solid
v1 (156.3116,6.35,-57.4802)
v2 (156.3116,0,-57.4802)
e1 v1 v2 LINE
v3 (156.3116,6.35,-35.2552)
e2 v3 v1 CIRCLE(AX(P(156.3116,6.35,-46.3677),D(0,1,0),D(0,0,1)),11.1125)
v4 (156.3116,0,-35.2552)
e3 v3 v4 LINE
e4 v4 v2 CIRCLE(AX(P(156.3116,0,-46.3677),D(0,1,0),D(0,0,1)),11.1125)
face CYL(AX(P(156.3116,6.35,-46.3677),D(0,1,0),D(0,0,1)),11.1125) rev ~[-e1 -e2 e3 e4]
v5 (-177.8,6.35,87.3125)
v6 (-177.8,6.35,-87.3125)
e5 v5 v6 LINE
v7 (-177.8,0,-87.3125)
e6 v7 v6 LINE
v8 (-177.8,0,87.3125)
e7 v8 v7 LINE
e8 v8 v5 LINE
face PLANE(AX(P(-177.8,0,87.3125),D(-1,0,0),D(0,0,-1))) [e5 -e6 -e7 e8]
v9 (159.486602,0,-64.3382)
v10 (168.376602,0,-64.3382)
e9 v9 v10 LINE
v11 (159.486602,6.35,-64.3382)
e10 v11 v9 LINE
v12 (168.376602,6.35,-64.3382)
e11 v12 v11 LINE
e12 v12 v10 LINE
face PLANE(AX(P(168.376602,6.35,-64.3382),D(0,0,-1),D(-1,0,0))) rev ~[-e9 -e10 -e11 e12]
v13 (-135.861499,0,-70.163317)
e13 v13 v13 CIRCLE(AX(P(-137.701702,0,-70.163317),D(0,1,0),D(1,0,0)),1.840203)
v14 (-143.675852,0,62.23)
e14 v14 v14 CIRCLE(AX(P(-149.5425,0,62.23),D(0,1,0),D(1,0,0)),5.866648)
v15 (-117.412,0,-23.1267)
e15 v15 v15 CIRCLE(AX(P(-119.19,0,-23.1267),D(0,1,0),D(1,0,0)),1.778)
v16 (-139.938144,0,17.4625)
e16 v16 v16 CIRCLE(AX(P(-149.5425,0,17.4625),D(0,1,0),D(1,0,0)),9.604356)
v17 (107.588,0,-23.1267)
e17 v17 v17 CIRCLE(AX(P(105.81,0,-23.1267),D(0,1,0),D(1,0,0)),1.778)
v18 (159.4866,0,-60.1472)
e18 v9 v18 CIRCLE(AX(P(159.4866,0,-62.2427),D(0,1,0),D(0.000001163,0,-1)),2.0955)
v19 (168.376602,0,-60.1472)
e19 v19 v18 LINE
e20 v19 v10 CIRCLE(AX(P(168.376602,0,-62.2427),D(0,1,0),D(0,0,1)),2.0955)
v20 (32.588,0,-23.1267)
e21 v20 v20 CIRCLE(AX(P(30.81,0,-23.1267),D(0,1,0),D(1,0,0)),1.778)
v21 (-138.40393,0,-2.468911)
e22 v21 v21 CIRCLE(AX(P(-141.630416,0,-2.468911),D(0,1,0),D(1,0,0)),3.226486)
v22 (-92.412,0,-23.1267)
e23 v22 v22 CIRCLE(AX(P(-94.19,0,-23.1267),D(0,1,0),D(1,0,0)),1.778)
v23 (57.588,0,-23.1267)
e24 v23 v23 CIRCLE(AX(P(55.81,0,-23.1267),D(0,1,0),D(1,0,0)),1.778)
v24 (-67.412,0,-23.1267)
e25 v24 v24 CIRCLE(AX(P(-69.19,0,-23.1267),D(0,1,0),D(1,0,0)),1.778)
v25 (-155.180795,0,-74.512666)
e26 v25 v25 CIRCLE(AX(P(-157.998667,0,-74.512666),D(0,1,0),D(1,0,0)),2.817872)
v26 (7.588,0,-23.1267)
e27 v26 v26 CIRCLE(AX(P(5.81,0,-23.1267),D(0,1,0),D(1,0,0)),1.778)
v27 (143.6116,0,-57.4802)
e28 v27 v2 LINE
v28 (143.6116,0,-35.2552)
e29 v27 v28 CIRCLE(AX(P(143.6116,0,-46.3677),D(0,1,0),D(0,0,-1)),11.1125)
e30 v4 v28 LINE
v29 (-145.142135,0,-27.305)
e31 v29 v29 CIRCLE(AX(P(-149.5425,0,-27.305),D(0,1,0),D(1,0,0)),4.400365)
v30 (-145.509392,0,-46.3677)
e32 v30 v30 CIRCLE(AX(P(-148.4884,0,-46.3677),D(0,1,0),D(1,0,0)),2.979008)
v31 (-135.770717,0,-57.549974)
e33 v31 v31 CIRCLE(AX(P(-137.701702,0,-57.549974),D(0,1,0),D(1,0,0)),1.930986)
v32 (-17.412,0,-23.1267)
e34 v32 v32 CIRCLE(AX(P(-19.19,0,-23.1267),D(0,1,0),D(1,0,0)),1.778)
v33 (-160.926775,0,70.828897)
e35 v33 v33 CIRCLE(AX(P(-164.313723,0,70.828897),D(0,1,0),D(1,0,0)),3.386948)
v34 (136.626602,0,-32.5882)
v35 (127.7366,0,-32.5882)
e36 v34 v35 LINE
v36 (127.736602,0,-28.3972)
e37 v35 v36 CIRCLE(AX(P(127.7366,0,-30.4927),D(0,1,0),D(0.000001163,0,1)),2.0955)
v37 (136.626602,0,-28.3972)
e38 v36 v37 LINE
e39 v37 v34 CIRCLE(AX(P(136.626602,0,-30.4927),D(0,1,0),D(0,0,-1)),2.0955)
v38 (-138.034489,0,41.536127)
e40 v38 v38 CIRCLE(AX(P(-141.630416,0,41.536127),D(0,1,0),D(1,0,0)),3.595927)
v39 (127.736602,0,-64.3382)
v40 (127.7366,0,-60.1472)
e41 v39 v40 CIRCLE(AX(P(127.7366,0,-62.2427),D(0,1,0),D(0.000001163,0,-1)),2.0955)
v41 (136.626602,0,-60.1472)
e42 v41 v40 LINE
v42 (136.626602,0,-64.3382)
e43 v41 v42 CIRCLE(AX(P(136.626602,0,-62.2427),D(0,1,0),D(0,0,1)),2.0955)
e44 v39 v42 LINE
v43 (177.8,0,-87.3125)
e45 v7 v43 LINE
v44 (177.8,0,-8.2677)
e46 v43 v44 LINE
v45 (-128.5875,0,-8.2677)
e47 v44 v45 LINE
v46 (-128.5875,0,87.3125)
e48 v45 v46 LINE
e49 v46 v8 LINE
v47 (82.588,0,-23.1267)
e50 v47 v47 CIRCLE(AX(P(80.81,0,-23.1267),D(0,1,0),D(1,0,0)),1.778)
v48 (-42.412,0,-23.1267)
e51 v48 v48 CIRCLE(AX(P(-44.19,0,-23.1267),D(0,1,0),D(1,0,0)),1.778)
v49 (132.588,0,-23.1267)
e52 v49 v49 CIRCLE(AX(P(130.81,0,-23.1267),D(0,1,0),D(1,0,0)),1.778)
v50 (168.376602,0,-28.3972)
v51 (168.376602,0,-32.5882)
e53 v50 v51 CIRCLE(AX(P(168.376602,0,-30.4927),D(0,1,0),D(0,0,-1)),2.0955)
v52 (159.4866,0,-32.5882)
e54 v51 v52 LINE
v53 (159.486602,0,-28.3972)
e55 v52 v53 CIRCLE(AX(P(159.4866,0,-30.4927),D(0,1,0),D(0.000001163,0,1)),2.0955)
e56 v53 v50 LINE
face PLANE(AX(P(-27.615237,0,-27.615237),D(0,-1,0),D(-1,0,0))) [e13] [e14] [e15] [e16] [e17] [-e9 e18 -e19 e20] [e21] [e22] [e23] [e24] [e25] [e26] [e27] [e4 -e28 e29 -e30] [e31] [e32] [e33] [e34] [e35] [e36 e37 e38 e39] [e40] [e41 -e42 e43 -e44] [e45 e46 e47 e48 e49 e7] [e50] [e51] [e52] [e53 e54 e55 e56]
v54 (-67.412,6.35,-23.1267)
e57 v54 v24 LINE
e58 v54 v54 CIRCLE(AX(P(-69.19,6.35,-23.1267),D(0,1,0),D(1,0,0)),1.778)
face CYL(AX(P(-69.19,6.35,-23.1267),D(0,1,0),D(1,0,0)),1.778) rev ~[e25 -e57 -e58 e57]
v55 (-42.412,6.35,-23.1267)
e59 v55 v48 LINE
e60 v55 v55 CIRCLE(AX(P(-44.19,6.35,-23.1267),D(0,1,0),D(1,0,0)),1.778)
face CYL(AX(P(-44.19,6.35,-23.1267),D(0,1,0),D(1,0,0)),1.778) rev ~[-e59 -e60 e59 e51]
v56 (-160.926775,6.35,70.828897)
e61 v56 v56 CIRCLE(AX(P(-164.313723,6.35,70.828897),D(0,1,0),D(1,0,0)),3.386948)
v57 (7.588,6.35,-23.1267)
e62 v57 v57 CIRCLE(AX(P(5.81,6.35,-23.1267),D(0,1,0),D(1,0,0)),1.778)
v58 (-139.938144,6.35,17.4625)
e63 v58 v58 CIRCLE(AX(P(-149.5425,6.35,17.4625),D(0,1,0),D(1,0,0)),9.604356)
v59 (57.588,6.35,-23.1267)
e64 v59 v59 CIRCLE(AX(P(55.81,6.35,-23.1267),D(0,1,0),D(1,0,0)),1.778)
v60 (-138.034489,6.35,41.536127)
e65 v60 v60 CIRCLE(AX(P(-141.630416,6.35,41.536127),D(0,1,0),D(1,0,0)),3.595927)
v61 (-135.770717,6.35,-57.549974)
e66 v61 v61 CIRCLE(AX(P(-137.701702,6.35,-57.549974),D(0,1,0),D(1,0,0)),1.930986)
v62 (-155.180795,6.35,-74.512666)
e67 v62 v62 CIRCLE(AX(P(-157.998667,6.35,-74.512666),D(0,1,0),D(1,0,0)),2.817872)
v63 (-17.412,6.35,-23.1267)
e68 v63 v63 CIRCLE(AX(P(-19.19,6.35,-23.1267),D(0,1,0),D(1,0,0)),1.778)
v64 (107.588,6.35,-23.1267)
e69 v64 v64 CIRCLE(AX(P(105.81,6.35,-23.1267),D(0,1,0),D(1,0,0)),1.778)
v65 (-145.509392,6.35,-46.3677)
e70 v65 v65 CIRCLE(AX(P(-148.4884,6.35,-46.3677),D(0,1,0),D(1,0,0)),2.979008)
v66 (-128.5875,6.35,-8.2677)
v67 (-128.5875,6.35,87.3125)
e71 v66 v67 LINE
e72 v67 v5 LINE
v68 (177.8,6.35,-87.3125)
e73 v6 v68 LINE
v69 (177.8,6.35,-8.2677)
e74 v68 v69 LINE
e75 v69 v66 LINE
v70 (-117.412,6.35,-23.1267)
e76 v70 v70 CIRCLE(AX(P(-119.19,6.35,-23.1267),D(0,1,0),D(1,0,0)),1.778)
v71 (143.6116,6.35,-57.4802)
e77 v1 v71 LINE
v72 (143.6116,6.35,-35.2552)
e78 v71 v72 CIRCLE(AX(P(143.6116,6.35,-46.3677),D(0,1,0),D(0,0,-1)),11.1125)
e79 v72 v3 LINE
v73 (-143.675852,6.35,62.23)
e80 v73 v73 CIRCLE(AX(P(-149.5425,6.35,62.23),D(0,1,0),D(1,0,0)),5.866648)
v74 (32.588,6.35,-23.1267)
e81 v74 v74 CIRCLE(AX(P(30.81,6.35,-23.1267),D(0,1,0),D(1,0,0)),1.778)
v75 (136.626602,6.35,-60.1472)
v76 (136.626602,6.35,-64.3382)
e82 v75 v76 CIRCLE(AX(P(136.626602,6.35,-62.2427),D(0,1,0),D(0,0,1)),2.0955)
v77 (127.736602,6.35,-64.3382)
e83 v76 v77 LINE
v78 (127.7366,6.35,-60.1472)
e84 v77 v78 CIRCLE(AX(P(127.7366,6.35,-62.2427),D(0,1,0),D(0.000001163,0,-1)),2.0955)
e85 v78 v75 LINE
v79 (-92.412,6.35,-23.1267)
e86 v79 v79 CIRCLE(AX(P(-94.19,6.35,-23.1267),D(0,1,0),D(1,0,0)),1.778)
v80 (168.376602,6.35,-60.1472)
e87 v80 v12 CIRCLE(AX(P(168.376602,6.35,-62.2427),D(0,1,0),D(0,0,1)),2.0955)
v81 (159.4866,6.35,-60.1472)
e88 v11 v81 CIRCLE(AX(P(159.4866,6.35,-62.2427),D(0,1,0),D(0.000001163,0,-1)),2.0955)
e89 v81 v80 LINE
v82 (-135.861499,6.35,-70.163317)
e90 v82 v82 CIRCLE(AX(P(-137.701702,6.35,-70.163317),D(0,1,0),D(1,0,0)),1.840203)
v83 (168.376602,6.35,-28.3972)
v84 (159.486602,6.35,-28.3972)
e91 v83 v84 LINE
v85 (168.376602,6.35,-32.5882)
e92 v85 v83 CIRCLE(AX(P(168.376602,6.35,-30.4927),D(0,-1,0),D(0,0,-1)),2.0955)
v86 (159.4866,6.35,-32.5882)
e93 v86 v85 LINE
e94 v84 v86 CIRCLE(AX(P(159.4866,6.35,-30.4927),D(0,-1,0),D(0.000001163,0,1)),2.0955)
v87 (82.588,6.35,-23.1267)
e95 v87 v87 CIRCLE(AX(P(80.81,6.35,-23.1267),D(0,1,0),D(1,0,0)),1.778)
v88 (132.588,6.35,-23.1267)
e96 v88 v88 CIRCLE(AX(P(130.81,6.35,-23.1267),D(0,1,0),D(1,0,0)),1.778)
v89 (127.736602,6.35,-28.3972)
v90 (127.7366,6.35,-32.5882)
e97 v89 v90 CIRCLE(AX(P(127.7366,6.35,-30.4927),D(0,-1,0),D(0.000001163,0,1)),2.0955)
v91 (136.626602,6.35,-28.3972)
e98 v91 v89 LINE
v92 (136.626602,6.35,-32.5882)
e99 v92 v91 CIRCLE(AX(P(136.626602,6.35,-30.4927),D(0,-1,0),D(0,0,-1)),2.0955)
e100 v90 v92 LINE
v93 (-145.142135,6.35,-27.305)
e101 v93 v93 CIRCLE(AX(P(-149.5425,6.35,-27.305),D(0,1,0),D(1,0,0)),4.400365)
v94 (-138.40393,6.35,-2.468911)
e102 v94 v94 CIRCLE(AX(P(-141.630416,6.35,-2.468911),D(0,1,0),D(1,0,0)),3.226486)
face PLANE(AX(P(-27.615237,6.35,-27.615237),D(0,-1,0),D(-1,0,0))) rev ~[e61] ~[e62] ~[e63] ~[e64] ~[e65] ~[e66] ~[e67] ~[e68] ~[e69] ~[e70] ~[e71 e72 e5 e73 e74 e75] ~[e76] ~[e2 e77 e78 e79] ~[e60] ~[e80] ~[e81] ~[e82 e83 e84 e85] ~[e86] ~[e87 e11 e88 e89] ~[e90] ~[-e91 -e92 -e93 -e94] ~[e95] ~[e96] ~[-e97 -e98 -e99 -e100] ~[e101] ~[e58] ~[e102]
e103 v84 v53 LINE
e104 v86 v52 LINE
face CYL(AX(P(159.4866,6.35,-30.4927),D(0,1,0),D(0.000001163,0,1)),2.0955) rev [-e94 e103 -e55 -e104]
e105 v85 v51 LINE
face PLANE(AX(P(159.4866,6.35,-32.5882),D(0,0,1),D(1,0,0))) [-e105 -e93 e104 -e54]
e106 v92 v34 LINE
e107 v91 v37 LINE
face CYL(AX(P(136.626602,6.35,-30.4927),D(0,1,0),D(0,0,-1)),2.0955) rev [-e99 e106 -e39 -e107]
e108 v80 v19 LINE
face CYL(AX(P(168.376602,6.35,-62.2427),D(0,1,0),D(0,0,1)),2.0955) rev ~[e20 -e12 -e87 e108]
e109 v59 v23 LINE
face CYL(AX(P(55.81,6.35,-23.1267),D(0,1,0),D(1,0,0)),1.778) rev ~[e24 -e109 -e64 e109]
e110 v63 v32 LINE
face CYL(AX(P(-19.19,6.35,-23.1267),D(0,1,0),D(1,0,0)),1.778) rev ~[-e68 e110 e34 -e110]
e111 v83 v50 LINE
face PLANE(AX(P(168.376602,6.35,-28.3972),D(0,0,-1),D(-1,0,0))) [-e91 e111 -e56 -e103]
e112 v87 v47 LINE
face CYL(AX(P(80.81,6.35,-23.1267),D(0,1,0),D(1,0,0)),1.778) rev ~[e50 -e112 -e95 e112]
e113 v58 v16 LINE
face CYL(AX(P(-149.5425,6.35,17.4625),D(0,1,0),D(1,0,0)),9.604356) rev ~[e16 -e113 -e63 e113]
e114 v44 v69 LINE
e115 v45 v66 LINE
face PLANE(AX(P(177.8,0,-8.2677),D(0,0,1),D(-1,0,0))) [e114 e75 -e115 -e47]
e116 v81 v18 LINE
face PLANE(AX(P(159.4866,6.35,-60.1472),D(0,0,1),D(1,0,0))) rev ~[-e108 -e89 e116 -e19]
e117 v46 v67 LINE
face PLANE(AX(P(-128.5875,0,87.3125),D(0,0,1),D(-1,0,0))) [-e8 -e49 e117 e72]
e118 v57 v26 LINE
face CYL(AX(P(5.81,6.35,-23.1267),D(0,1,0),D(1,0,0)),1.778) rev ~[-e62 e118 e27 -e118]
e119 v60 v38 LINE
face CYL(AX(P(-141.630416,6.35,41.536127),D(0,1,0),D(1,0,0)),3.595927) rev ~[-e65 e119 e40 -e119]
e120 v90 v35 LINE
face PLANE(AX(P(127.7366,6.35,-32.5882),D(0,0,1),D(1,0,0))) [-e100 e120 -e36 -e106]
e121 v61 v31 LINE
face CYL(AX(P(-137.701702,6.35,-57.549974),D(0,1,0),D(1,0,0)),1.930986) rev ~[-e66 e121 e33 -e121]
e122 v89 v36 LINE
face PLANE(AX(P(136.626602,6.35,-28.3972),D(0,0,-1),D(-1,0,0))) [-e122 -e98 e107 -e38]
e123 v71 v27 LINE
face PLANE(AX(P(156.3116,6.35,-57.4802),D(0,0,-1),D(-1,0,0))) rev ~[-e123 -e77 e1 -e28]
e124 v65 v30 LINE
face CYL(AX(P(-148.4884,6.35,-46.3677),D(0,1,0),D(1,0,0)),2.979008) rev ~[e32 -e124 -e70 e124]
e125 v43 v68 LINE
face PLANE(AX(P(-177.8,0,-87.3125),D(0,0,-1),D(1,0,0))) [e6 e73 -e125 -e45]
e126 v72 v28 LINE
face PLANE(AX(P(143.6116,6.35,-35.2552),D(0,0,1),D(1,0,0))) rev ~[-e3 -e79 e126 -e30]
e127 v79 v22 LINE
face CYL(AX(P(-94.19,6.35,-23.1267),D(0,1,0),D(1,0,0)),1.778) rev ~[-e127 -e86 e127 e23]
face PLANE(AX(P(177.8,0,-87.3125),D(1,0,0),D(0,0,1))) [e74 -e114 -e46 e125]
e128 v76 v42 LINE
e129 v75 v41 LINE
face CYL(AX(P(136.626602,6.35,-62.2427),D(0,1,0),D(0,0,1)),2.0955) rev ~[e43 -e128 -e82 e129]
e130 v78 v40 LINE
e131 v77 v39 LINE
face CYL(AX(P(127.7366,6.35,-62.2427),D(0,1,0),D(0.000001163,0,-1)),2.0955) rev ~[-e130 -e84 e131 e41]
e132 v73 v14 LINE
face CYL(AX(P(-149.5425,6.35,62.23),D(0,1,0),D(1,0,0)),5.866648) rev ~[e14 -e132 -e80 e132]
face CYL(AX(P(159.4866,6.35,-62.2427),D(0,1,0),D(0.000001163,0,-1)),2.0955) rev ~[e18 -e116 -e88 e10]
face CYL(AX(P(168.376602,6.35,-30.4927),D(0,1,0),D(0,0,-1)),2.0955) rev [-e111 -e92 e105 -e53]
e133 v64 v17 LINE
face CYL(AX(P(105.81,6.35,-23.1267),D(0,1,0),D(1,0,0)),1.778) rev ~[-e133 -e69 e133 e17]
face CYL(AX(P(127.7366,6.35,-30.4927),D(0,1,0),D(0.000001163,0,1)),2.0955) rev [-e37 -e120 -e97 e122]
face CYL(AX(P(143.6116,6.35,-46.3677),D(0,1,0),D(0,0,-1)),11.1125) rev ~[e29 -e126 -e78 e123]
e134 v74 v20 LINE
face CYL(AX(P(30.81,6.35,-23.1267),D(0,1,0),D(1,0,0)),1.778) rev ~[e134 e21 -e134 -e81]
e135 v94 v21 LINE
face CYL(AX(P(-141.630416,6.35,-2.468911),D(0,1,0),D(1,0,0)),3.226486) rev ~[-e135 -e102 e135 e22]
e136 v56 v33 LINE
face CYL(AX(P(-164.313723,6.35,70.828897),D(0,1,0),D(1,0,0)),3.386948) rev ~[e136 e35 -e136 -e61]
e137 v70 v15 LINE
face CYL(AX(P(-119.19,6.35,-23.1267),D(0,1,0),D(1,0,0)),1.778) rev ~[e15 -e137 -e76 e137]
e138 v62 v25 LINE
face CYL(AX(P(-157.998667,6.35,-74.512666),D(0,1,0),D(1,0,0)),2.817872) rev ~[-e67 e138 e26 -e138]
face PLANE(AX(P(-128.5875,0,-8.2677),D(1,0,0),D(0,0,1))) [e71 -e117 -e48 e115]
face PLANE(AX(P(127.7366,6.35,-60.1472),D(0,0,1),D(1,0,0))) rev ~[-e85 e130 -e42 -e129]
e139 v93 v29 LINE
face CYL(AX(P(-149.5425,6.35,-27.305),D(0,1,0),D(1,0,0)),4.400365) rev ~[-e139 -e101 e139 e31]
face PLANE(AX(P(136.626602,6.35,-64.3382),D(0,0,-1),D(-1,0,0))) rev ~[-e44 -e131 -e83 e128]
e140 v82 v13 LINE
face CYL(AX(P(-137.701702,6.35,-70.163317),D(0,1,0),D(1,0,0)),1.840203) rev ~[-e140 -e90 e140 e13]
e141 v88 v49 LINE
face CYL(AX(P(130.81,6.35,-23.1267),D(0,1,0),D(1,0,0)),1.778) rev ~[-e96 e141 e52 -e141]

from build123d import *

# Parameters (mm, degrees)
BOSS_EXTRUDE1_DEPTH = 6.35
SKETCH2_R           = 2.979007601
CUT_EXTRUDE1_DEPTH  = 7.35
SKETCH3_R           = 4.400364859
SKETCH3_R_2         = 9.604356308
SKETCH3_R_3         = 5.866647912
SKETCH3_R_4         = 3.226485866
SKETCH3_R_5         = 3.595926688
SKETCH3_R_6         = 3.386947747
SKETCH3_R_7         = 2.817872048
SKETCH3_R_8         = 1.840203328
SKETCH3_R_9         = 1.930985623
CUT_EXTRUDE2_DEPTH  = 7.35
SKETCH4_R           = 1.778
CUT_EXTRUDE3_DEPTH  = 7.35


with BuildPart() as part:
    # Sketch1 → Boss-Extrude1 (new body)
    with BuildSketch(Plane(origin=(0, 0, 0), x_dir=(1, 0, 0), z_dir=(0, 1, 0))):
        Polygon((-177.8, -87.3125), (-177.8, 87.3125), (177.8, 87.3125), (177.8, 8.2677), (-128.5875, 8.2677), (-128.5875, -87.3125), align=None)
    extrude(amount=BOSS_EXTRUDE1_DEPTH)

    # Sketch2 → Cut-Extrude1 (cut, through all)
    with BuildSketch(Plane(origin=(0, 6.35, 0), x_dir=(1, 0, 0), z_dir=(0, 1, 0))):
        with BuildLine():
            Line((143.6116, 35.2552), (156.3116, 35.2552))
            ThreePointArc((156.3116, 35.2552), (167.4241, 46.3677), (156.3116, 57.4802))
            Line((156.3116, 57.4802), (143.6116, 57.4802))
            ThreePointArc((143.6116, 57.4802), (132.4991, 46.3677), (143.6116, 35.2552))
        make_face()
        with BuildLine():
            Line((159.4866, 60.1472), (168.376602437, 60.1472))
            ThreePointArc((168.376602437, 60.1472), (170.472102437, 62.2427), (168.376602437, 64.3382))
            Line((168.376602437, 64.3382), (159.486602437, 64.3382))
            ThreePointArc((159.486602437, 64.3382), (157.3911, 62.242701219), (159.4866, 60.1472))
        make_face()
        with BuildLine():
            ThreePointArc((159.486602437, 28.3972), (157.3911, 30.492698781), (159.4866, 32.5882))
            Line((159.4866, 32.5882), (168.376602437, 32.5882))
            ThreePointArc((168.376602437, 32.5882), (170.472102437, 30.4927), (168.376602437, 28.3972))
            Line((168.376602437, 28.3972), (159.486602437, 28.3972))
        make_face()
        with BuildLine():
            Line((127.7366, 60.1472), (136.626602437, 60.1472))
            ThreePointArc((136.626602437, 60.1472), (138.722102437, 62.2427), (136.626602437, 64.3382))
            Line((136.626602437, 64.3382), (127.736602437, 64.3382))
            ThreePointArc((127.736602437, 64.3382), (125.6411, 62.242701219), (127.7366, 60.1472))
        make_face()
        with BuildLine():
            Line((136.626602437, 28.3972), (127.736602437, 28.3972))
            ThreePointArc((127.736602437, 28.3972), (125.6411, 30.492698781), (127.7366, 32.5882))
            Line((127.7366, 32.5882), (136.626602437, 32.5882))
            ThreePointArc((136.626602437, 32.5882), (138.722102437, 30.4927), (136.626602437, 28.3972))
        make_face()
        with Locations((-148.4884, 46.3677)):
            Circle(SKETCH2_R)
    extrude(amount=-CUT_EXTRUDE1_DEPTH, mode=Mode.SUBTRACT)

    # Sketch3 → Cut-Extrude2 (cut, through all)
    with BuildSketch(Plane(origin=(0, 6.35, 0), x_dir=(1, 0, 0), z_dir=(0, 1, 0))):
        with Locations((-149.5425, 27.305)):
            Circle(SKETCH3_R)
        with Locations((-149.5425, -17.4625)):
            Circle(SKETCH3_R_2)
        with Locations((-149.5425, -62.23)):
            Circle(SKETCH3_R_3)
        with Locations((-141.63041575, 2.468910578)):
            Circle(SKETCH3_R_4)
        with Locations((-141.63041575, -41.536127476)):
            Circle(SKETCH3_R_5)
        with Locations((-164.313722824, -70.828896652)):
            Circle(SKETCH3_R_6)
        with Locations((-157.998667059, 74.512666328)):
            Circle(SKETCH3_R_7)
        with Locations((-137.701702146, 70.163316704)):
            Circle(SKETCH3_R_8)
        with Locations((-137.701702146, 57.549974441)):
            Circle(SKETCH3_R_9)
    extrude(amount=-CUT_EXTRUDE2_DEPTH, mode=Mode.SUBTRACT)

    # Sketch4 → Cut-Extrude3 (cut, through all)
    with BuildSketch(Plane(origin=(0, 6.35, 0), x_dir=(1, 0, 0), z_dir=(0, 1, 0))):
        with Locations((130.81, 23.1267)):
            Circle(SKETCH4_R)
        with Locations((105.81, 23.1267)):
            Circle(SKETCH4_R)
        with Locations((80.81, 23.1267)):
            Circle(SKETCH4_R)
        with Locations((55.81, 23.1267)):
            Circle(SKETCH4_R)
        with Locations((30.81, 23.1267)):
            Circle(SKETCH4_R)
        with Locations((5.81, 23.1267)):
            Circle(SKETCH4_R)
        with Locations((-19.19, 23.1267)):
            Circle(SKETCH4_R)
        with Locations((-44.19, 23.1267)):
            Circle(SKETCH4_R)
        with Locations((-69.19, 23.1267)):
            Circle(SKETCH4_R)
        with Locations((-94.19, 23.1267)):
            Circle(SKETCH4_R)
        with Locations((-119.19, 23.1267)):
            Circle(SKETCH4_R)
    extrude(amount=-CUT_EXTRUDE3_DEPTH, mode=Mode.SUBTRACT)


solid = part.part
